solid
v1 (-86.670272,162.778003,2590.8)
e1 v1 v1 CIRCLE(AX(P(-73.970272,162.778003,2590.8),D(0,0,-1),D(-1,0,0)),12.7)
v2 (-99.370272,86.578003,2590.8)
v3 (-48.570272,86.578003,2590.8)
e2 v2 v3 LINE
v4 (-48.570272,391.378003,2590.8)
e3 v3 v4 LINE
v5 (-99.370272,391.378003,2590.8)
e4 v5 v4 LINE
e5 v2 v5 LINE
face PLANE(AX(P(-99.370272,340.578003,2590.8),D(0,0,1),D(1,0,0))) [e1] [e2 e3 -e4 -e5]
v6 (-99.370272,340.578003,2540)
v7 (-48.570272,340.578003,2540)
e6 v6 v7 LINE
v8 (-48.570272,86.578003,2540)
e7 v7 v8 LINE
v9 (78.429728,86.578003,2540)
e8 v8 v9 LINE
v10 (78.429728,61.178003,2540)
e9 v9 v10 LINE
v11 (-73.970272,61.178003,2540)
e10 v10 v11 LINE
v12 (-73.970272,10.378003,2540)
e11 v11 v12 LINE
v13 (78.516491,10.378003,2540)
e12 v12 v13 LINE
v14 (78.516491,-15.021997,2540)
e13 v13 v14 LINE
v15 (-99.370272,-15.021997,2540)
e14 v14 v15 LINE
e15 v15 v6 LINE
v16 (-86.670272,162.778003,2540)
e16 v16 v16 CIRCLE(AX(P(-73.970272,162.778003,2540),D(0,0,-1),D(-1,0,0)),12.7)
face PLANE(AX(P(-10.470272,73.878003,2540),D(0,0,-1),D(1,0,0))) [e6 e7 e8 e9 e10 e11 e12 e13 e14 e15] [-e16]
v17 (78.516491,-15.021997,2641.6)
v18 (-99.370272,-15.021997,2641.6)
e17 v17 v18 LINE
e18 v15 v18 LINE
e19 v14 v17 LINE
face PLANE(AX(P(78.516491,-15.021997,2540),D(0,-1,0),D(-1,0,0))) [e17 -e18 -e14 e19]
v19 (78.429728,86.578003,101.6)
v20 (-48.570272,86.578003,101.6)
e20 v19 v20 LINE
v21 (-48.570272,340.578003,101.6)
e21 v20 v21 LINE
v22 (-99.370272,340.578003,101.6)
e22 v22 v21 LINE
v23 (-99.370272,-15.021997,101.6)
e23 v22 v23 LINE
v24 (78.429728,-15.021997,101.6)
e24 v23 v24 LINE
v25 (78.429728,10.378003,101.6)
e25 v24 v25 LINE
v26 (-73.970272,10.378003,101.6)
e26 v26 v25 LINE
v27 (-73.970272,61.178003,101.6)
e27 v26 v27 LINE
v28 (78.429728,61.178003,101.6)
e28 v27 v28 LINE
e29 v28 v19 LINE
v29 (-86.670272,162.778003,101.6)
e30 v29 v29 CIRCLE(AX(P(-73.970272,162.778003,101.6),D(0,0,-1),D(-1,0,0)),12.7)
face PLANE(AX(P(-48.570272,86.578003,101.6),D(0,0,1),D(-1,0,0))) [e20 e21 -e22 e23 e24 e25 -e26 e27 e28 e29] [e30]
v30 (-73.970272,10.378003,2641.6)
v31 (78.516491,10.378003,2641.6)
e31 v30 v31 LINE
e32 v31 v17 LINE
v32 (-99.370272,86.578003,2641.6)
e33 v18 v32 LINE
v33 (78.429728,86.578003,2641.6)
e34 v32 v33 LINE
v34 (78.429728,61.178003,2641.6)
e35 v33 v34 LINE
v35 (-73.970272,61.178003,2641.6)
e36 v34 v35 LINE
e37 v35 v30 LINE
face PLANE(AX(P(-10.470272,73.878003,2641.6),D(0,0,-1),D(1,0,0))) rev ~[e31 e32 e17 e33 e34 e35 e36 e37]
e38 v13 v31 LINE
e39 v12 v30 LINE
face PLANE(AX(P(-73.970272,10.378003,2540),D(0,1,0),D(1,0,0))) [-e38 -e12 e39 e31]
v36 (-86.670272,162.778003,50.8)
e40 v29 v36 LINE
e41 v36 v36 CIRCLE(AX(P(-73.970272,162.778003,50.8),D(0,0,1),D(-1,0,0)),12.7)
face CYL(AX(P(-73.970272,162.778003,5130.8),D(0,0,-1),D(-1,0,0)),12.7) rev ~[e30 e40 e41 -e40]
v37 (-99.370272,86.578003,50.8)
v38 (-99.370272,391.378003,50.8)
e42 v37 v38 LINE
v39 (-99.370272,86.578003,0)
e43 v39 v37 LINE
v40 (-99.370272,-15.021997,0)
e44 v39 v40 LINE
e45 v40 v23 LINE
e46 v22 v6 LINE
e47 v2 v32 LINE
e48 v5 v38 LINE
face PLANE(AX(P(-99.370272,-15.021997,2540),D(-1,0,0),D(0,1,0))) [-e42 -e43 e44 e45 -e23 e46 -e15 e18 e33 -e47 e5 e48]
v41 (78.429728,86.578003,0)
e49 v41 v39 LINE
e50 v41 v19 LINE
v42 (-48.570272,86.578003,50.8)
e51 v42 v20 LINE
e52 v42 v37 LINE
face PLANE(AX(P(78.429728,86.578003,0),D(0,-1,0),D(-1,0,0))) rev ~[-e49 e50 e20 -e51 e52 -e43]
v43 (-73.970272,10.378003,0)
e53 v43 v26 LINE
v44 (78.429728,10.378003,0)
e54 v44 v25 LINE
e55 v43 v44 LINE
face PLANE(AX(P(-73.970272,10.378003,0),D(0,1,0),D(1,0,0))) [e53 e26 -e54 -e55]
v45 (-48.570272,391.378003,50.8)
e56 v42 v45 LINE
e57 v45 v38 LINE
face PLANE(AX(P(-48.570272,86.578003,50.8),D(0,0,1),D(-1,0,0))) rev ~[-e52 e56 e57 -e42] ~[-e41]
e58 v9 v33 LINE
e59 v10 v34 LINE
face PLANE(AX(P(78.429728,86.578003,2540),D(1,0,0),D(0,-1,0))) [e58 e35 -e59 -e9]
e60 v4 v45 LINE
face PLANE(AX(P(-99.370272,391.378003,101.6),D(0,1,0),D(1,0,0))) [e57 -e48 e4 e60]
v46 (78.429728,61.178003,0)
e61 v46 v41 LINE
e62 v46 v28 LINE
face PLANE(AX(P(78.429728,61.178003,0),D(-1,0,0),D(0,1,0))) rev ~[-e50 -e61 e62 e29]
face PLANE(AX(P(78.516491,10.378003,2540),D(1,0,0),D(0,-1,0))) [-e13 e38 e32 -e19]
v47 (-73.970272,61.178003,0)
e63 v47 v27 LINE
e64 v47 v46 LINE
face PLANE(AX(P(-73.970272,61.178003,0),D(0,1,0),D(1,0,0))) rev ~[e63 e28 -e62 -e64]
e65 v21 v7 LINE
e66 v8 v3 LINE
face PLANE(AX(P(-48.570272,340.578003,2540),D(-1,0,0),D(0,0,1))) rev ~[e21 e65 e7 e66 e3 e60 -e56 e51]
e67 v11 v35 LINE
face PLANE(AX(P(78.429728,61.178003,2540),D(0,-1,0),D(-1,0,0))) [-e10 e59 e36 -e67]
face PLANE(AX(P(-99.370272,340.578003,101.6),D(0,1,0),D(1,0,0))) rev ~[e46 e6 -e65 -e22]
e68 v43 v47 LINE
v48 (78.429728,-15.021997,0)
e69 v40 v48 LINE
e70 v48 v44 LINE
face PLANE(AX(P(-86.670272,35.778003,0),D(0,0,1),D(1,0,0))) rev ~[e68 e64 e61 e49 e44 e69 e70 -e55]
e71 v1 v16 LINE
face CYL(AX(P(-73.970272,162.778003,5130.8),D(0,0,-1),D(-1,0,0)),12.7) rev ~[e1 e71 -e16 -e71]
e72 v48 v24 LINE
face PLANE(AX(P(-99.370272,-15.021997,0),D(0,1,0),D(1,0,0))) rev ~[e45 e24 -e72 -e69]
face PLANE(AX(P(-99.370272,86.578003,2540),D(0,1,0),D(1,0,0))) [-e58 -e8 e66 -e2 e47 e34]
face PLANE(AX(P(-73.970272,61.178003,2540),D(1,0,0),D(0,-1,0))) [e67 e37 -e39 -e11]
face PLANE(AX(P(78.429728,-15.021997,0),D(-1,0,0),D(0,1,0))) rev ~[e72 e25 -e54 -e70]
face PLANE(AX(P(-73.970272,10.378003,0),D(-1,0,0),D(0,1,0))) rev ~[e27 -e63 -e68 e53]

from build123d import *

# Parameters (mm, degrees)
F0_W      = 25.4
F0_H      = 50.8
F0_H_2    = 25.4
F0_W_2    = 152.4
F1_DEPTH  = 101.6
F2_W      = 50.8
F2_H      = 50.8
F3_DEPTH  = 304.8
F4_W      = 50.8
F4_H      = 50.8
F5_DEPTH  = 2489.2
F6_W      = 50.8
F6_H      = 50.8
F7_DEPTH  = 254
F8_W      = 152.4867629528
F8_H      = 25.4
F9_DEPTH  = 101.6
F11_D     = 25.4
F11_DEPTH = 2540
F11_TIP   = 7.6309298617


with BuildPart() as f1:
    # F0 (on Top) → F1 (new body)
    with BuildSketch(Plane.XY):
        with Locations((-86.6702721953, 35.7780026045)):
            Rectangle(F0_W, F0_H)
        with Locations((-86.6702721953, -2.3219973955)):
            Rectangle(F0_W, F0_H_2)
        with Locations((2.2297278047, -2.3219973955)):
            Rectangle(F0_W_2, F0_H_2)
        with Locations((-86.6702721953, 73.8780026045)):
            Rectangle(F0_W, F0_H_2)
        with Locations((2.2297278047, 73.8780026045)):
            Rectangle(F0_W_2, F0_H_2)
    extrude(amount=F1_DEPTH)

    # F2 (on face) → F3 (join)
    with BuildSketch(Plane(origin=(0, 86.5780026045, 0), x_dir=(-1, 0, 0), z_dir=(0, 1, 0))):
        with Locations((73.9702721953, 76.2)):
            Rectangle(F2_W, F2_H)
    extrude(amount=F3_DEPTH)

    # F4 (on face) → F5 (join)
    with BuildSketch(Plane.XY.offset(101.6)):
        with Locations((-73.9702721953, 365.9780026045)):
            Rectangle(F4_W, F4_H)
    extrude(amount=F5_DEPTH)

    # F6 (on face) → F7 (join)
    with BuildSketch(Plane.XZ.offset(-340.5780026045)):
        with Locations((-73.9702721953, 2565.4)):
            Rectangle(F6_W, F6_H)
    extrude(amount=F7_DEPTH)

    # F8 (on face) → F9 (join)
    with BuildSketch(Plane(origin=(0, 0, 2540), x_dir=(1, 0, 0), z_dir=(0, 0, -1))):
        Polygon((-99.3702721953, -61.1780026045), (-99.3702721953, -86.5780026045), (78.4297278047, -86.5780026045), (78.4297278047, -61.1780026045), (-73.9702721953, -61.1780026045), align=None)
        Polygon((-99.3702721953, 15.0219973955), (-99.3702721953, -61.1780026045), (-73.9702721953, -61.1780026045), (-73.9702721953, -10.3780026045), (-73.9702721953, 15.0219973955), align=None)
        with Locations((2.2731092811, 2.3219973955)):
            Rectangle(F8_W, F8_H)
    extrude(amount=-F9_DEPTH)

    # F11
    with Locations(Plane.XY.offset(2590.8)):
        with Locations((-73.9702721953, 162.7780026045)):
            Hole(F11_D / 2, depth=F11_DEPTH)
            with Locations((0, 0, -(F11_DEPTH + F11_TIP / 2))):  # 118° drill point
                Cone(0, F11_D / 2, F11_TIP, mode=Mode.SUBTRACT)


solid = f1.part
